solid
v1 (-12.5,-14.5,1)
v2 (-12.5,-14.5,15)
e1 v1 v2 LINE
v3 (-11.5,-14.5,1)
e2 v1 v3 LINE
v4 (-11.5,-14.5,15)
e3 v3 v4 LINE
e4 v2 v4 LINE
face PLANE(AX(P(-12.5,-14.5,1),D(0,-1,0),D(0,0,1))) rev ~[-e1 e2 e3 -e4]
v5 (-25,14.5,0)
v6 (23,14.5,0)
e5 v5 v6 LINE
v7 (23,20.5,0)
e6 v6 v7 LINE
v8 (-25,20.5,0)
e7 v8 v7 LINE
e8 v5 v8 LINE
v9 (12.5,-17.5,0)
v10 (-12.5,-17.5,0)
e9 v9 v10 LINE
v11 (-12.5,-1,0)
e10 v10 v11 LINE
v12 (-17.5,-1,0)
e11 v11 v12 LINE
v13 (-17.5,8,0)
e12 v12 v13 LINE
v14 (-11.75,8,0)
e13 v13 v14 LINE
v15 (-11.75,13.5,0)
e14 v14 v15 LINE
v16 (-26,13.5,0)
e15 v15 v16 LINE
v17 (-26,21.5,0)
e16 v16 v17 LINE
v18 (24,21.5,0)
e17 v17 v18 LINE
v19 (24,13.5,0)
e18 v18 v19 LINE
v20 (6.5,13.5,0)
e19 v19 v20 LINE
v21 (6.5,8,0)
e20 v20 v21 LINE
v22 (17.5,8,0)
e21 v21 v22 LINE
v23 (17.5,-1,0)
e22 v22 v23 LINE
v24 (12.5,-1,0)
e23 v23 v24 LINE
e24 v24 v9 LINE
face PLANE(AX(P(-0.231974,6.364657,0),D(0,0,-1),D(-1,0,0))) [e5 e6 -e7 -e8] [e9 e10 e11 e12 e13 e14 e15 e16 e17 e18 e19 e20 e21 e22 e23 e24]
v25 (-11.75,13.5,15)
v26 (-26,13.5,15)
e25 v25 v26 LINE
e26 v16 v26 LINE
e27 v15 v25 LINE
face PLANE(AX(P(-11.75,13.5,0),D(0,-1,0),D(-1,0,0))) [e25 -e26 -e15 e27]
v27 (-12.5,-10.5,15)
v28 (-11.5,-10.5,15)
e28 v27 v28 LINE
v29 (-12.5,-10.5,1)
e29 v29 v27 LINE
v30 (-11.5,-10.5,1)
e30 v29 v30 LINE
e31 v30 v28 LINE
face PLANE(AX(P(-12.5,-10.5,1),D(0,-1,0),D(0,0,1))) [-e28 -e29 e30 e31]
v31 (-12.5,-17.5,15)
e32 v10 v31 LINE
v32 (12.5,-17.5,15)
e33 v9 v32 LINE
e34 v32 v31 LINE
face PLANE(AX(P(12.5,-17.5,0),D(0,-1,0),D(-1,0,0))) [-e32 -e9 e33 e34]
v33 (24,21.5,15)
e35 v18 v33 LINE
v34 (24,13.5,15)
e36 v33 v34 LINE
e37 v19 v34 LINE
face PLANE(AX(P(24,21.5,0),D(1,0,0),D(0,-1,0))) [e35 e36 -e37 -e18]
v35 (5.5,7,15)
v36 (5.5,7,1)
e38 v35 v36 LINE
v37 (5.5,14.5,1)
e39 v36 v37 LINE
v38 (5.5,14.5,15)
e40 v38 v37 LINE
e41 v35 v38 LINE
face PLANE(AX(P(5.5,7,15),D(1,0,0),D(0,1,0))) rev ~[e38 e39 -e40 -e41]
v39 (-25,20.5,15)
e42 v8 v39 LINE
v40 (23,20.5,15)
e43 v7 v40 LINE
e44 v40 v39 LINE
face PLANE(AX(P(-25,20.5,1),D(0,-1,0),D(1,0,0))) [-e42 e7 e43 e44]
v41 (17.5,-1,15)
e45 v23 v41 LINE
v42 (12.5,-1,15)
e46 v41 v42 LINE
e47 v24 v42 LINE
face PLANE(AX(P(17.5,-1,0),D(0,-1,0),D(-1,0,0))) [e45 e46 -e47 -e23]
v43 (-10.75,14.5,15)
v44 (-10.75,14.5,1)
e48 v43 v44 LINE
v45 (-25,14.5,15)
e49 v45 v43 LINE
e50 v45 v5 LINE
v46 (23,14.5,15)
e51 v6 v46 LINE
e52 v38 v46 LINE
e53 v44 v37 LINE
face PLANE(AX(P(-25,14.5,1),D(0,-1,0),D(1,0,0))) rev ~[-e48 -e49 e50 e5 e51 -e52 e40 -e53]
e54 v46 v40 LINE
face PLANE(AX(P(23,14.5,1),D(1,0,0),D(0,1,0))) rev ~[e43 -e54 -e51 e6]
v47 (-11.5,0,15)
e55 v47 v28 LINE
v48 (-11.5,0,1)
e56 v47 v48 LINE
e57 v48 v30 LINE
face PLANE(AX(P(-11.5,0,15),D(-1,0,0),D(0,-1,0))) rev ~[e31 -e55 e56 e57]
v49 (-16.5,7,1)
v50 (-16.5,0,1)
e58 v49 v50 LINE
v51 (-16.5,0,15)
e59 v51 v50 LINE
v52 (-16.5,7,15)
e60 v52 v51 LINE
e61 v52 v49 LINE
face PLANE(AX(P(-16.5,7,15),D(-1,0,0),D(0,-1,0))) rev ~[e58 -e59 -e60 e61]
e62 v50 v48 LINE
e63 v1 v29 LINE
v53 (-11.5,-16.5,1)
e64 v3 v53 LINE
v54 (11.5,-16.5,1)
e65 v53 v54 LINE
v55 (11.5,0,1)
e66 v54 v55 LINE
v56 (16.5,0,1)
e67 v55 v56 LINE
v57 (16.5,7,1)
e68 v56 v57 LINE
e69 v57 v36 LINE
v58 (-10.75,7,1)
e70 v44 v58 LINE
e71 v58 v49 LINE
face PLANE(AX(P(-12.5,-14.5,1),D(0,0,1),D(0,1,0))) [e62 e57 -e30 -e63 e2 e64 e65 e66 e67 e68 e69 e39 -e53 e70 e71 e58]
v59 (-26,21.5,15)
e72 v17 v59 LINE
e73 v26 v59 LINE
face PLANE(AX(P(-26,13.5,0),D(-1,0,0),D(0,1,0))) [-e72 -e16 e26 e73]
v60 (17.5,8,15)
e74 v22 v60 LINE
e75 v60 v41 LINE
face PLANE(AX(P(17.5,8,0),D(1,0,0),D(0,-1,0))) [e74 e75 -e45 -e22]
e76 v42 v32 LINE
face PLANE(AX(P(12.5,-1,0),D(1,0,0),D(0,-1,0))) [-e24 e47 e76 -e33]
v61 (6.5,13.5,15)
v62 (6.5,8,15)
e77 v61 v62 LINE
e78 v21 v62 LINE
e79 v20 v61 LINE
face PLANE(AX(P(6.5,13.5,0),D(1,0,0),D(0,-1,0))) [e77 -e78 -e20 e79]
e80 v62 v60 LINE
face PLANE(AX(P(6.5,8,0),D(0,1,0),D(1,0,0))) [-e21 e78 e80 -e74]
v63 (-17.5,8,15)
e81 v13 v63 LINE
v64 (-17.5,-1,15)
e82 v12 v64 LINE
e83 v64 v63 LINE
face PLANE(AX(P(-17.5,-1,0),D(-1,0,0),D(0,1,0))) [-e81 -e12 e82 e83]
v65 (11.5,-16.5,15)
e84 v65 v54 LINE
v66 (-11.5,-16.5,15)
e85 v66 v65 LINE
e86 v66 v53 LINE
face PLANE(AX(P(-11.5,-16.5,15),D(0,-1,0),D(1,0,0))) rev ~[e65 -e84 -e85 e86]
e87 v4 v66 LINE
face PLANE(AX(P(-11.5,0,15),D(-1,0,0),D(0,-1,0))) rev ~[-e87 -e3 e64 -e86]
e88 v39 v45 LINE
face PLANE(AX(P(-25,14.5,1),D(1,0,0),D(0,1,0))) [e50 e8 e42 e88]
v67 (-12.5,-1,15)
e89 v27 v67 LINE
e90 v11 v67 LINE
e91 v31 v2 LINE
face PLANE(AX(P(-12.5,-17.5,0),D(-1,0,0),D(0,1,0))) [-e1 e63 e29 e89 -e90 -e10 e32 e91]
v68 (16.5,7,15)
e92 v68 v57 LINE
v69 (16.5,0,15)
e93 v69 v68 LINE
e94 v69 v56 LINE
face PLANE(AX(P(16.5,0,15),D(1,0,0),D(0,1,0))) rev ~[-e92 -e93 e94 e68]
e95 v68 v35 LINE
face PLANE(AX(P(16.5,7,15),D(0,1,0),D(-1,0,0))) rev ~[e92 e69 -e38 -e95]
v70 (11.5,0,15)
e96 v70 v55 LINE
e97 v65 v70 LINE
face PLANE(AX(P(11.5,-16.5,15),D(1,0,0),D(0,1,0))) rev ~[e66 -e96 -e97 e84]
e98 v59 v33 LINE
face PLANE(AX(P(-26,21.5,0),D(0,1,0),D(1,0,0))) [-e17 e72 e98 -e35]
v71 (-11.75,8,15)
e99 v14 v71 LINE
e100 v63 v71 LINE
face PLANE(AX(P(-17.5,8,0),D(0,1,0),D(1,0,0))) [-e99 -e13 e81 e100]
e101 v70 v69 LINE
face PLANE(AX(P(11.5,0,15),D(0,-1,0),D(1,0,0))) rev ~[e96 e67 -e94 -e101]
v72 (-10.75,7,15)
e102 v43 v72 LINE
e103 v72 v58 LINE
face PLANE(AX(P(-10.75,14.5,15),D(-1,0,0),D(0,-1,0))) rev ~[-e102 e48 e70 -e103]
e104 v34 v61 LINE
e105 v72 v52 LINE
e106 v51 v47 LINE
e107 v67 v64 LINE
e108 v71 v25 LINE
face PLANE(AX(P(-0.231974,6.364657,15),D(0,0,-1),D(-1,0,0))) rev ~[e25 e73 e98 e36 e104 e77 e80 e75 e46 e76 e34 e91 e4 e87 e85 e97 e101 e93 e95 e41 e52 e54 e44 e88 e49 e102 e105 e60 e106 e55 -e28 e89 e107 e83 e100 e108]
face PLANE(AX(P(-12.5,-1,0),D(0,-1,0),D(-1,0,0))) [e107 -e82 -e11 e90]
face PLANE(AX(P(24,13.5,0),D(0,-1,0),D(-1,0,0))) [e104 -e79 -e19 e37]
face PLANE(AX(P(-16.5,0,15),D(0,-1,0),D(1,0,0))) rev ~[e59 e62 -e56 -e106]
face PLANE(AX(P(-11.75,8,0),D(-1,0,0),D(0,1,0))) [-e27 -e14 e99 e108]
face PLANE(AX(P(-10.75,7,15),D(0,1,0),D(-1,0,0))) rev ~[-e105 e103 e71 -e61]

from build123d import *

# Parameters (mm, degrees)
EXTRUDE_1_DEPTH     = 15
CUT_EXTRUDE_1_DEPTH = 14
SKETCH_7_W          = 48
SKETCH_7_H          = 6
CUT_EXTRUDE_2_DEPTH = 1
SKETCH_8_W          = 14
SKETCH_8_H          = 4
CUT_EXTRUDE_3_DEPTH = 1


with BuildPart() as part:
    # 草图3 → 凸台-拉伸1 (new body)
    with BuildSketch(Plane.XY):
        Polygon((-26, 21.5), (24, 21.5), (24, 13.5), (6.5, 13.5), (6.5, 8), (17.5, 8), (17.5, -1), (12.5, -1), (12.5, -17.5), (-12.5, -17.5), (-12.5, -1), (-17.5, -1), (-17.5, 8), (-11.75, 8), (-11.75, 13.5), (-26, 13.5), align=None)
    extrude(amount=EXTRUDE_1_DEPTH)

    # 草图4 → 切除-拉伸1 (cut)
    with BuildSketch(Plane.XY.offset(15)):
        Polygon((23, 20.5), (-25, 20.5), (-25, 14.5), (-10.75, 14.5), (-10.75, 7), (-16.5, 7), (-16.5, 0), (-11.5, 0), (-11.5, -16.5), (11.5, -16.5), (11.5, 0), (16.5, 0), (16.5, 7), (5.5, 7), (5.5, 14.5), (23, 14.5), align=None)
    extrude(amount=-CUT_EXTRUDE_1_DEPTH, mode=Mode.SUBTRACT)

    # 草图7 → 切除-拉伸2 (cut)
    with BuildSketch(Plane.XY.offset(1)):
        with Locations((-1, 17.5)):
            Rectangle(SKETCH_7_W, SKETCH_7_H)
    extrude(amount=-CUT_EXTRUDE_2_DEPTH, mode=Mode.SUBTRACT)

    # 草图8 → 切除-拉伸3 (cut)
    with BuildSketch(Plane.ZY.offset(12.5)):
        with Locations((8, -12.5)):
            Rectangle(SKETCH_8_W, SKETCH_8_H)
    extrude(amount=-CUT_EXTRUDE_3_DEPTH, mode=Mode.SUBTRACT)


solid = part.part
